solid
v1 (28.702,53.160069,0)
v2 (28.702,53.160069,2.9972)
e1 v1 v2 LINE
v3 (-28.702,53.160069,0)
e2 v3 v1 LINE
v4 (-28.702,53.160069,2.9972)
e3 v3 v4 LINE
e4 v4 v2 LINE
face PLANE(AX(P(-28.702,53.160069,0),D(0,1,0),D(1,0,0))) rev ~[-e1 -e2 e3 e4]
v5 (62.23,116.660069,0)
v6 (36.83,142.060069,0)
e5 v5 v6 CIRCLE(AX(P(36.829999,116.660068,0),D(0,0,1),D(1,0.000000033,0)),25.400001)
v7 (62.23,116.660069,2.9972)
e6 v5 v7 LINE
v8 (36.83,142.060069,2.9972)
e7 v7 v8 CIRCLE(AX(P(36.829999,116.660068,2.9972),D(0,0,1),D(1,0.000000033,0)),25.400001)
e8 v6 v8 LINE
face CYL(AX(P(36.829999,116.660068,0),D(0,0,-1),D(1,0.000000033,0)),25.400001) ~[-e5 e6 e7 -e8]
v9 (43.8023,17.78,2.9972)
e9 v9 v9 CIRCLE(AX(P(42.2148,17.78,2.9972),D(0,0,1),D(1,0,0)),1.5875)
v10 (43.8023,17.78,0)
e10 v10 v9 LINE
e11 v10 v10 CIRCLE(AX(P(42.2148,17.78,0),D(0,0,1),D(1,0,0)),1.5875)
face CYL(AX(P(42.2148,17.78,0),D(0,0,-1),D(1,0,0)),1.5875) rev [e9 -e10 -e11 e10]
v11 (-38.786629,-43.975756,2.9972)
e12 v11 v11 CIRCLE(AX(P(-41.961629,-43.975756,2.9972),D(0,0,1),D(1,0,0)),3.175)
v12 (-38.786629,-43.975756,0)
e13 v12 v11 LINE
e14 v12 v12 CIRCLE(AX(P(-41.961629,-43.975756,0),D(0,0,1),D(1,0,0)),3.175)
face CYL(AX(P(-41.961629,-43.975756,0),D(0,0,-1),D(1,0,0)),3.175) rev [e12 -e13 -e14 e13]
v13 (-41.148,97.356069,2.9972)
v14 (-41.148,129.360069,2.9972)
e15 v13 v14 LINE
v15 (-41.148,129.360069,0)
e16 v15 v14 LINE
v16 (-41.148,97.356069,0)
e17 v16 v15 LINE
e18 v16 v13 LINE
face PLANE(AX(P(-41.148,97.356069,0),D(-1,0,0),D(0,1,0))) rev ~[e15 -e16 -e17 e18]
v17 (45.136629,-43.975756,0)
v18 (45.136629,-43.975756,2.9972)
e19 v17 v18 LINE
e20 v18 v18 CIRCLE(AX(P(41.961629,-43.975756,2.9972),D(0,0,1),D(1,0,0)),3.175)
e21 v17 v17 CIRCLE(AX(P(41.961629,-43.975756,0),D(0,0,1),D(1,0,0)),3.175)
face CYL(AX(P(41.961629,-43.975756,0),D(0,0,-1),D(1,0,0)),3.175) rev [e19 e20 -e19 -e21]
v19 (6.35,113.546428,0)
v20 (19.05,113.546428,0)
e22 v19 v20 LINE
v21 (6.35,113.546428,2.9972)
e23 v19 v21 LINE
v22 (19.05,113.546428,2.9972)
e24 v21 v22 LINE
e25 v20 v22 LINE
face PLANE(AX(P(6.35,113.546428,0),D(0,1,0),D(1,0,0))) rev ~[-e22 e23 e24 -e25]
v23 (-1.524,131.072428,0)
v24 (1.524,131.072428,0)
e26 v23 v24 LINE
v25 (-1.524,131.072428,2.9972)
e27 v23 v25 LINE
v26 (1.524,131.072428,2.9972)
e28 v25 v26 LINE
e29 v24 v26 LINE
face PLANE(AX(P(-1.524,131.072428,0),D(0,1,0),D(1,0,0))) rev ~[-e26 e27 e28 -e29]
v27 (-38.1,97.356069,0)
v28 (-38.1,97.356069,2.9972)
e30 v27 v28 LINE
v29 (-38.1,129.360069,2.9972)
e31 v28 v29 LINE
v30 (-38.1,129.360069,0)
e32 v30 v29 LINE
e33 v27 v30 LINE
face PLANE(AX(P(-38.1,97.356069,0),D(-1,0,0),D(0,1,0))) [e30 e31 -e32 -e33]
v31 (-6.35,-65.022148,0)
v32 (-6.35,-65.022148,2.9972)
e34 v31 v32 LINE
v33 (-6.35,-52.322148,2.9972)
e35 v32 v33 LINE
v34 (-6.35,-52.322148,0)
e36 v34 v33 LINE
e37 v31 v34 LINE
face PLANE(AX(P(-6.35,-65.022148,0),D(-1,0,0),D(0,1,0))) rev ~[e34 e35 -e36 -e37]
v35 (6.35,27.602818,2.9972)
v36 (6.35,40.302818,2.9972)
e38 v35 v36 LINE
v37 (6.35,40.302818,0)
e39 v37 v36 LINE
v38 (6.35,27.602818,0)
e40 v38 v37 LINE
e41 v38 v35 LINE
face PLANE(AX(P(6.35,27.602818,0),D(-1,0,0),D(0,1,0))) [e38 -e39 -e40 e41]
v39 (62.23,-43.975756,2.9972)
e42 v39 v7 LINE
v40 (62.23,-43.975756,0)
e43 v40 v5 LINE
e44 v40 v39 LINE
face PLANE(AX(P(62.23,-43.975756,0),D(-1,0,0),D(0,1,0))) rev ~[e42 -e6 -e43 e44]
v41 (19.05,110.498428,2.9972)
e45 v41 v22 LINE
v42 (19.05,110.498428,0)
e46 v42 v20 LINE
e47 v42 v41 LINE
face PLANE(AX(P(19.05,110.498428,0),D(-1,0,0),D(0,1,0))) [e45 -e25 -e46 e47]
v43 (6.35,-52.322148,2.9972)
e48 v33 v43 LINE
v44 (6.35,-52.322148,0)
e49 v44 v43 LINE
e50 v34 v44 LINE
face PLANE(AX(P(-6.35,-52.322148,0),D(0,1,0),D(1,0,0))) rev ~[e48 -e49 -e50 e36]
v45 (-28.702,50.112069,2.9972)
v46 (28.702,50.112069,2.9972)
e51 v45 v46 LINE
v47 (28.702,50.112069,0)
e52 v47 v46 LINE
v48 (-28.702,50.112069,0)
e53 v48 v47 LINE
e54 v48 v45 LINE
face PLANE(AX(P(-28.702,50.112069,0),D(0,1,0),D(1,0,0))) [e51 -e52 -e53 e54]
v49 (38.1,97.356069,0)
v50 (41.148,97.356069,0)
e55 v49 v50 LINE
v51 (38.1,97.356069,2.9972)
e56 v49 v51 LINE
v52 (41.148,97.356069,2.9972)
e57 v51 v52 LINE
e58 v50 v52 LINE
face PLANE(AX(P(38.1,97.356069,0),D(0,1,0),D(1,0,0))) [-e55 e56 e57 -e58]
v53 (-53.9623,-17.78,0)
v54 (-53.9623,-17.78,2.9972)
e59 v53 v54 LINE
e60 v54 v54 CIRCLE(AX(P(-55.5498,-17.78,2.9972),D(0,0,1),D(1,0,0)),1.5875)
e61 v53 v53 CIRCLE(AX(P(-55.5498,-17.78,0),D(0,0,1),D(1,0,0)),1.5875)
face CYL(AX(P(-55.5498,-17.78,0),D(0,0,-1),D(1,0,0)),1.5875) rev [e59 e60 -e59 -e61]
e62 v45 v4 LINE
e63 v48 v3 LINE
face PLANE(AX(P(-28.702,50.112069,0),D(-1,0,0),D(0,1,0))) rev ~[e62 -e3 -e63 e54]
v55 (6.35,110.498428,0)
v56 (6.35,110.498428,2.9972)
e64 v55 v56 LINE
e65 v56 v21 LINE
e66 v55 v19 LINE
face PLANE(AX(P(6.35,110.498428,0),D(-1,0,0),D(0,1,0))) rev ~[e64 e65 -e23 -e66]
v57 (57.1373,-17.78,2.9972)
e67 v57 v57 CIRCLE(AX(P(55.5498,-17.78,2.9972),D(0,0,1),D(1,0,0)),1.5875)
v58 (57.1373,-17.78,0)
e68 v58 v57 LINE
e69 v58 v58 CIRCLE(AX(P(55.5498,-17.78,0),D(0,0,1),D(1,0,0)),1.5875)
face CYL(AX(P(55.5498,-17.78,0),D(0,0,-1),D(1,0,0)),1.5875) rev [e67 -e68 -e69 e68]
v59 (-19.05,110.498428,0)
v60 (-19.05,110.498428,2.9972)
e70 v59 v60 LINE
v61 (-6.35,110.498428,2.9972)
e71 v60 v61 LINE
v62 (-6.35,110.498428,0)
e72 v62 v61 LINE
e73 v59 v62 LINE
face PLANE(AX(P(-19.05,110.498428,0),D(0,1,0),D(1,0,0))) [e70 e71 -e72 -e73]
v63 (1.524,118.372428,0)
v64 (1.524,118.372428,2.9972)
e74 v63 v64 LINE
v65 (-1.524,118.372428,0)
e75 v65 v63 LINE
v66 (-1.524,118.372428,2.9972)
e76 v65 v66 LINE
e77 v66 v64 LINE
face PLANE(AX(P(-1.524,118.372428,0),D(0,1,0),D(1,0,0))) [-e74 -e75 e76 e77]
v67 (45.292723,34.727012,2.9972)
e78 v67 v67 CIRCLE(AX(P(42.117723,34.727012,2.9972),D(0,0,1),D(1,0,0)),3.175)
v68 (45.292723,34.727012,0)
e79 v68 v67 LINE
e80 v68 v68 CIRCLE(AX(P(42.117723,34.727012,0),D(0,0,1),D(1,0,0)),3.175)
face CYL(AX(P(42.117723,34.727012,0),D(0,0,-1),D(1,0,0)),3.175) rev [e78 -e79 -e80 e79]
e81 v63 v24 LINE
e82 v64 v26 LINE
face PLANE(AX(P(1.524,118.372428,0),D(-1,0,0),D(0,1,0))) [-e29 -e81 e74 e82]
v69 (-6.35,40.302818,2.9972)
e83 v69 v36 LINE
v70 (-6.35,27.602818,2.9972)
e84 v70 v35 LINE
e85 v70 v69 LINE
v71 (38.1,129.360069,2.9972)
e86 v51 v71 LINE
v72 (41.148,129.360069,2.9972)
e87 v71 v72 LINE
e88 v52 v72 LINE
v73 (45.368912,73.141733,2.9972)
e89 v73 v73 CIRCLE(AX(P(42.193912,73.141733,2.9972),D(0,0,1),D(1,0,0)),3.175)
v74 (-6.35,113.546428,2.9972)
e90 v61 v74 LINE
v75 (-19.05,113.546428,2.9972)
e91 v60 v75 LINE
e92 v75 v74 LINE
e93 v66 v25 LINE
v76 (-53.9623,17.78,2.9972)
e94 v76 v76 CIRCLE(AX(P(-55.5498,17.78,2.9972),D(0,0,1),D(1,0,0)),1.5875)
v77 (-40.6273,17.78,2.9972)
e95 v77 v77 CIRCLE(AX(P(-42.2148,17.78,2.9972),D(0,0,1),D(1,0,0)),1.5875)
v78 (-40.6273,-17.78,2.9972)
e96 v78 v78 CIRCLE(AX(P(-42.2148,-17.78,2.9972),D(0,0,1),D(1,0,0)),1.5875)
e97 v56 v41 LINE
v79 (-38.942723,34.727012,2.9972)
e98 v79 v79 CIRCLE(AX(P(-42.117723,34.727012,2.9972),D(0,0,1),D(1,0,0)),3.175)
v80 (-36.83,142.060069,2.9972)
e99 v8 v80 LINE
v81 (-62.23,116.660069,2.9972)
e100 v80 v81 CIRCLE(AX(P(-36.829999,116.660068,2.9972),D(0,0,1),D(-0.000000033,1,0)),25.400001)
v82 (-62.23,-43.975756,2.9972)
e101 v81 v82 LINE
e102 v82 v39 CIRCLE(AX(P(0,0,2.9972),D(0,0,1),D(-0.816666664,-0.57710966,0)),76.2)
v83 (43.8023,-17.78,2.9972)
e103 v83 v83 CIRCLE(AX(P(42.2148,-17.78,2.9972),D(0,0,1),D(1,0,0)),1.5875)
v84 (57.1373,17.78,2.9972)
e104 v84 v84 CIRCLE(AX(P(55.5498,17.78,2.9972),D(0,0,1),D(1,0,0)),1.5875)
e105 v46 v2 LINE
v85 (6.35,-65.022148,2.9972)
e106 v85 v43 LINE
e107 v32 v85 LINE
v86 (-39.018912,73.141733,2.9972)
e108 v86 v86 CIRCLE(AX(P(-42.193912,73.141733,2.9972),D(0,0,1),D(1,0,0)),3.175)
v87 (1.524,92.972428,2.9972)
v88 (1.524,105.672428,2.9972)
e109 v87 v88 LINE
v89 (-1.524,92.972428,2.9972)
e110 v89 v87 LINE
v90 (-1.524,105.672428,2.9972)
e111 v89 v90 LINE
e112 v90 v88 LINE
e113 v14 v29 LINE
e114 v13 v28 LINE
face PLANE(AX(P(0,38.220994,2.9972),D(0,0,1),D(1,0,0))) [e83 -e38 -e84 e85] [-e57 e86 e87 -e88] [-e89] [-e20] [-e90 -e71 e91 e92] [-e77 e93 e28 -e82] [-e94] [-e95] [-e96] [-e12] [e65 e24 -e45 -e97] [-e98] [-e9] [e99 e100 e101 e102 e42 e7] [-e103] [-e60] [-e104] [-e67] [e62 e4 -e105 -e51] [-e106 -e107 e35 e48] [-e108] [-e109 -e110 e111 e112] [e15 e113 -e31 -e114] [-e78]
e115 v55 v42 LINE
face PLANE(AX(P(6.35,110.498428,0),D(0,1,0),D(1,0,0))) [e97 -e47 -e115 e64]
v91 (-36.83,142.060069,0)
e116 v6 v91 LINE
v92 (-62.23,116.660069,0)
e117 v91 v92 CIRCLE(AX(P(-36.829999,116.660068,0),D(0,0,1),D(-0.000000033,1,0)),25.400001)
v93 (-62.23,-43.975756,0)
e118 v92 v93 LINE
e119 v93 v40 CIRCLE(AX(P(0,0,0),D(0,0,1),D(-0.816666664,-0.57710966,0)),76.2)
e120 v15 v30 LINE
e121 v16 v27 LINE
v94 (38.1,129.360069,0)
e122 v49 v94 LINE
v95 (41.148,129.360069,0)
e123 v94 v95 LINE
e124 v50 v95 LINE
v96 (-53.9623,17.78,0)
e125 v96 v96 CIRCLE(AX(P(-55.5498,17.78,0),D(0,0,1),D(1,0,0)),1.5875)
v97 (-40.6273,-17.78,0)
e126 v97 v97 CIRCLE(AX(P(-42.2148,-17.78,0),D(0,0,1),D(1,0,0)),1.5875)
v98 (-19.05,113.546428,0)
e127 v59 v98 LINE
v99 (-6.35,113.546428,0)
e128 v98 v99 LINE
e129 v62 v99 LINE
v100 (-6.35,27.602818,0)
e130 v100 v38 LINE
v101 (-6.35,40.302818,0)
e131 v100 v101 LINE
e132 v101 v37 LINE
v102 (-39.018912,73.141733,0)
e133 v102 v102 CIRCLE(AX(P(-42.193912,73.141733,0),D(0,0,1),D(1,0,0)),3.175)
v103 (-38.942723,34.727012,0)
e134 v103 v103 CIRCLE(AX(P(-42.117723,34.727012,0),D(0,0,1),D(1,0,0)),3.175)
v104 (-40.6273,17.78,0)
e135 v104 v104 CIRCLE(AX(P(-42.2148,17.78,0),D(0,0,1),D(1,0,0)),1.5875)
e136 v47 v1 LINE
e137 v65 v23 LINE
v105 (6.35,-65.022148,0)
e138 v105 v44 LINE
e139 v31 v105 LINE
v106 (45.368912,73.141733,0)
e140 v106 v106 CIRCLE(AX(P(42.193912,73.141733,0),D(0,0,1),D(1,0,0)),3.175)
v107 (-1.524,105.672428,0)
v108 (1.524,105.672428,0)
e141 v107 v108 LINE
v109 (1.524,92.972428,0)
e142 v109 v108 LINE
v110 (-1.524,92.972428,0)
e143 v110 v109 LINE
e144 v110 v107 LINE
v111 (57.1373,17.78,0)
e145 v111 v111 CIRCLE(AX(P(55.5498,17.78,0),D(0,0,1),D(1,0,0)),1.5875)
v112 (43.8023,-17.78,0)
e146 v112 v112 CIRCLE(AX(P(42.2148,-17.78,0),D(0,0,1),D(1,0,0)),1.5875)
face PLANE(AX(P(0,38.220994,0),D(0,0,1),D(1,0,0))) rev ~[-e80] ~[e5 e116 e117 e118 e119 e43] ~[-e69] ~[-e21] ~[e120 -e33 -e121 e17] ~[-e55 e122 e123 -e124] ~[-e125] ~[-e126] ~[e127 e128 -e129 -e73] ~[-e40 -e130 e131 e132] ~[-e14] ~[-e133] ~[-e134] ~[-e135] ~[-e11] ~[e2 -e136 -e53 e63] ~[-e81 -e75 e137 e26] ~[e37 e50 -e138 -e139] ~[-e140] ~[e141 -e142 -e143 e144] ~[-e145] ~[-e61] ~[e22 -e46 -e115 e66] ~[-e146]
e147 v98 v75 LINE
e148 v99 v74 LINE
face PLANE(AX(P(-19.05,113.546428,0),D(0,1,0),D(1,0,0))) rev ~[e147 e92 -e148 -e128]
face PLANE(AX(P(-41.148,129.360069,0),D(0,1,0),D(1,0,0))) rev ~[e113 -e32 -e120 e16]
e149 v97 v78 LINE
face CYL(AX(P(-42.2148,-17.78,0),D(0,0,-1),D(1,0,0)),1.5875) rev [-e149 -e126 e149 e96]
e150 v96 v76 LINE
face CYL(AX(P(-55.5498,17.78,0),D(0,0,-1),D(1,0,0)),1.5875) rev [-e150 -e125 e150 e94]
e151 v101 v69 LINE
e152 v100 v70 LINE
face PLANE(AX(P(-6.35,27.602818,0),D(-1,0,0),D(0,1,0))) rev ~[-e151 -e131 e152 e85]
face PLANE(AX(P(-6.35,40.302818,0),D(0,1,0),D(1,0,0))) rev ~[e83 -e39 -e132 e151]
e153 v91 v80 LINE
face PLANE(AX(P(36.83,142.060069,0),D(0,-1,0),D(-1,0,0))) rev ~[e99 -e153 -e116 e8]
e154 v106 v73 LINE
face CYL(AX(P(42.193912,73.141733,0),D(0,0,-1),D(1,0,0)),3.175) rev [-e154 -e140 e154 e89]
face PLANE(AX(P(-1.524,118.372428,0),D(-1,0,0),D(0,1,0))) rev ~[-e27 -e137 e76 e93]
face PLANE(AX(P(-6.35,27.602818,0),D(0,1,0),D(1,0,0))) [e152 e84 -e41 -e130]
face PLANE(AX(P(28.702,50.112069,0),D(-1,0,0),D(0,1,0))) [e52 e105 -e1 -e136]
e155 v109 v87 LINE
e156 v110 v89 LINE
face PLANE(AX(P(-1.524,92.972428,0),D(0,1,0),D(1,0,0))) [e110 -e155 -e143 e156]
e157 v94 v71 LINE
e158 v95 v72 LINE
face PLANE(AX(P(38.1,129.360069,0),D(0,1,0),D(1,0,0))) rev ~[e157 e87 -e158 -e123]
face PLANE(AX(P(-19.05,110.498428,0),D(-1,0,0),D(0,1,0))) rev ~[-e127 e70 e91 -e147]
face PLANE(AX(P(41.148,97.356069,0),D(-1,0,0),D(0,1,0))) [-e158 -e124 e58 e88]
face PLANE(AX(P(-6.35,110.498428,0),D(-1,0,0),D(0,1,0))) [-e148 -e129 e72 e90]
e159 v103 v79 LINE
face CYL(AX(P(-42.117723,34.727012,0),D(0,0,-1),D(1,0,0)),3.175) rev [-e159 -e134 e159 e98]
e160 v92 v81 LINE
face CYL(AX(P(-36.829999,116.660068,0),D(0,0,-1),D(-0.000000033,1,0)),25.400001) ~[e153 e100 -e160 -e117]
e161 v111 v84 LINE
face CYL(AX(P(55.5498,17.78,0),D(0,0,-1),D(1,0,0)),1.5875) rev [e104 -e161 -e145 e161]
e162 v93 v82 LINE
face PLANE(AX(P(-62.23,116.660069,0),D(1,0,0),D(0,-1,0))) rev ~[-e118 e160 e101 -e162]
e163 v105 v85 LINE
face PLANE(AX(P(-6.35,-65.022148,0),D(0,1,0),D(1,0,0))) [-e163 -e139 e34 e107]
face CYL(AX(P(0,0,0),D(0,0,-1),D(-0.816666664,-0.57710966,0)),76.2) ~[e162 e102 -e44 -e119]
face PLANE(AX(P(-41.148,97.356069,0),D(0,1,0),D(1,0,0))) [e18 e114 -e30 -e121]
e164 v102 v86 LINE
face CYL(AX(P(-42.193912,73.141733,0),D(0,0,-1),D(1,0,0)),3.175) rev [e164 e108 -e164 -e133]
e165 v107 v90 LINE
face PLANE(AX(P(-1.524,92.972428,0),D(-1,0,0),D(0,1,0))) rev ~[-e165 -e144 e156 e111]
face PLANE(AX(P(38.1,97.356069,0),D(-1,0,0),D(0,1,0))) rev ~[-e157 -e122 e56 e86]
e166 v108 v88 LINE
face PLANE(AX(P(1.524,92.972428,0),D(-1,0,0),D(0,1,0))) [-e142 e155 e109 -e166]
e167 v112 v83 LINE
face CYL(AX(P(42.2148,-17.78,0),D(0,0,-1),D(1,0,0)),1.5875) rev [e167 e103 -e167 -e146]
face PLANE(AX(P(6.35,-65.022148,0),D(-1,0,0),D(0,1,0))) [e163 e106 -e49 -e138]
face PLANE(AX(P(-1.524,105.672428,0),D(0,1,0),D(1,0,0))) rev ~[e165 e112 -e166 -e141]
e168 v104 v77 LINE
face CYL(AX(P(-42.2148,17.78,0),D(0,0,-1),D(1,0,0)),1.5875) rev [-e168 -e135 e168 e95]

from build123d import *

# Parameters (mm, degrees)
F0_R     = 3.175
F0_R_2   = 1.5875
F0_W     = 12.7
F0_H     = 12.7
F0_W_2   = 3.048
F0_H_2   = 32.004
F0_H_3   = 3.048
F0_W_3   = 57.404
F1_DEPTH = 2.9972


with BuildPart() as f1:
    # F0 (on Top) → F1 (new body)
    with BuildSketch(Plane.XY):
        with BuildLine():
            Line((-62.23, 43.975756), (-62.23, -43.975756))
            ThreePointArc((-62.23, -43.975756), (0, -76.2), (62.23, -43.975756))
            Line((62.23, -43.975756), (62.23, 43.975756))
            Line((62.23, 43.975756), (62.23, 67.242156))
            Line((62.23, 67.242156), (62.23, 116.660069))
            ThreePointArc((62.23, 116.660069), (54.790512, 134.620581), (36.83, 142.060069))
            Line((36.83, 142.060069), (-36.83, 142.060069))
            ThreePointArc((-36.83, 142.060069), (-54.790512, 134.620581), (-62.23, 116.660069))
            Line((-62.23, 116.660069), (-62.23, 67.202083))
            Line((-62.23, 67.202083), (-62.23, 43.975756))
        make_face()
        with Locations((-41.961629, -43.975756)):
            Circle(F0_R, mode=Mode.SUBTRACT)
        with Locations((-55.5498, -17.78)):
            Circle(F0_R_2, mode=Mode.SUBTRACT)
        with Locations((-42.2148, -17.78)):
            Circle(F0_R_2, mode=Mode.SUBTRACT)
        with Locations((-55.5498, 17.78)):
            Circle(F0_R_2, mode=Mode.SUBTRACT)
        with Locations((-42.2148, 17.78)):
            Circle(F0_R_2, mode=Mode.SUBTRACT)
        with Locations((0, -58.672148)):
            Rectangle(F0_W, F0_H, mode=Mode.SUBTRACT)
        with Locations((41.961629, -43.975756)):
            Circle(F0_R, mode=Mode.SUBTRACT)
        with Locations((42.2148, -17.78)):
            Circle(F0_R_2, mode=Mode.SUBTRACT)
        with Locations((55.5498, -17.78)):
            Circle(F0_R_2, mode=Mode.SUBTRACT)
        with Locations((42.2148, 17.78)):
            Circle(F0_R_2, mode=Mode.SUBTRACT)
        with Locations((55.5498, 17.78)):
            Circle(F0_R_2, mode=Mode.SUBTRACT)
        with Locations((-42.117723, 34.727012)):
            Circle(F0_R, mode=Mode.SUBTRACT)
        with Locations((-42.193912, 73.141733)):
            Circle(F0_R, mode=Mode.SUBTRACT)
        with Locations((-39.624, 113.358069)):
            Rectangle(F0_W_2, F0_H_2, mode=Mode.SUBTRACT)
        with Locations((-12.7, 112.022428)):
            Rectangle(F0_W, F0_H_3, mode=Mode.SUBTRACT)
        with Locations((0, 33.952818)):
            Rectangle(F0_W, F0_H, mode=Mode.SUBTRACT)
        with Locations((0, 51.636069)):
            Rectangle(F0_W_3, F0_H_3, mode=Mode.SUBTRACT)
        with Locations((42.117723, 34.727012)):
            Circle(F0_R, mode=Mode.SUBTRACT)
        with Locations((42.193912, 73.141733)):
            Circle(F0_R, mode=Mode.SUBTRACT)
        with Locations((0, 99.322428)):
            Rectangle(F0_W_2, F0_H, mode=Mode.SUBTRACT)
        with Locations((12.7, 112.022428)):
            Rectangle(F0_W, F0_H_3, mode=Mode.SUBTRACT)
        with Locations((0, 124.722428)):
            Rectangle(F0_W_2, F0_H, mode=Mode.SUBTRACT)
        with Locations((39.624, 113.358069)):
            Rectangle(F0_W_2, F0_H_2, mode=Mode.SUBTRACT)
    extrude(amount=F1_DEPTH)


solid = f1.part
